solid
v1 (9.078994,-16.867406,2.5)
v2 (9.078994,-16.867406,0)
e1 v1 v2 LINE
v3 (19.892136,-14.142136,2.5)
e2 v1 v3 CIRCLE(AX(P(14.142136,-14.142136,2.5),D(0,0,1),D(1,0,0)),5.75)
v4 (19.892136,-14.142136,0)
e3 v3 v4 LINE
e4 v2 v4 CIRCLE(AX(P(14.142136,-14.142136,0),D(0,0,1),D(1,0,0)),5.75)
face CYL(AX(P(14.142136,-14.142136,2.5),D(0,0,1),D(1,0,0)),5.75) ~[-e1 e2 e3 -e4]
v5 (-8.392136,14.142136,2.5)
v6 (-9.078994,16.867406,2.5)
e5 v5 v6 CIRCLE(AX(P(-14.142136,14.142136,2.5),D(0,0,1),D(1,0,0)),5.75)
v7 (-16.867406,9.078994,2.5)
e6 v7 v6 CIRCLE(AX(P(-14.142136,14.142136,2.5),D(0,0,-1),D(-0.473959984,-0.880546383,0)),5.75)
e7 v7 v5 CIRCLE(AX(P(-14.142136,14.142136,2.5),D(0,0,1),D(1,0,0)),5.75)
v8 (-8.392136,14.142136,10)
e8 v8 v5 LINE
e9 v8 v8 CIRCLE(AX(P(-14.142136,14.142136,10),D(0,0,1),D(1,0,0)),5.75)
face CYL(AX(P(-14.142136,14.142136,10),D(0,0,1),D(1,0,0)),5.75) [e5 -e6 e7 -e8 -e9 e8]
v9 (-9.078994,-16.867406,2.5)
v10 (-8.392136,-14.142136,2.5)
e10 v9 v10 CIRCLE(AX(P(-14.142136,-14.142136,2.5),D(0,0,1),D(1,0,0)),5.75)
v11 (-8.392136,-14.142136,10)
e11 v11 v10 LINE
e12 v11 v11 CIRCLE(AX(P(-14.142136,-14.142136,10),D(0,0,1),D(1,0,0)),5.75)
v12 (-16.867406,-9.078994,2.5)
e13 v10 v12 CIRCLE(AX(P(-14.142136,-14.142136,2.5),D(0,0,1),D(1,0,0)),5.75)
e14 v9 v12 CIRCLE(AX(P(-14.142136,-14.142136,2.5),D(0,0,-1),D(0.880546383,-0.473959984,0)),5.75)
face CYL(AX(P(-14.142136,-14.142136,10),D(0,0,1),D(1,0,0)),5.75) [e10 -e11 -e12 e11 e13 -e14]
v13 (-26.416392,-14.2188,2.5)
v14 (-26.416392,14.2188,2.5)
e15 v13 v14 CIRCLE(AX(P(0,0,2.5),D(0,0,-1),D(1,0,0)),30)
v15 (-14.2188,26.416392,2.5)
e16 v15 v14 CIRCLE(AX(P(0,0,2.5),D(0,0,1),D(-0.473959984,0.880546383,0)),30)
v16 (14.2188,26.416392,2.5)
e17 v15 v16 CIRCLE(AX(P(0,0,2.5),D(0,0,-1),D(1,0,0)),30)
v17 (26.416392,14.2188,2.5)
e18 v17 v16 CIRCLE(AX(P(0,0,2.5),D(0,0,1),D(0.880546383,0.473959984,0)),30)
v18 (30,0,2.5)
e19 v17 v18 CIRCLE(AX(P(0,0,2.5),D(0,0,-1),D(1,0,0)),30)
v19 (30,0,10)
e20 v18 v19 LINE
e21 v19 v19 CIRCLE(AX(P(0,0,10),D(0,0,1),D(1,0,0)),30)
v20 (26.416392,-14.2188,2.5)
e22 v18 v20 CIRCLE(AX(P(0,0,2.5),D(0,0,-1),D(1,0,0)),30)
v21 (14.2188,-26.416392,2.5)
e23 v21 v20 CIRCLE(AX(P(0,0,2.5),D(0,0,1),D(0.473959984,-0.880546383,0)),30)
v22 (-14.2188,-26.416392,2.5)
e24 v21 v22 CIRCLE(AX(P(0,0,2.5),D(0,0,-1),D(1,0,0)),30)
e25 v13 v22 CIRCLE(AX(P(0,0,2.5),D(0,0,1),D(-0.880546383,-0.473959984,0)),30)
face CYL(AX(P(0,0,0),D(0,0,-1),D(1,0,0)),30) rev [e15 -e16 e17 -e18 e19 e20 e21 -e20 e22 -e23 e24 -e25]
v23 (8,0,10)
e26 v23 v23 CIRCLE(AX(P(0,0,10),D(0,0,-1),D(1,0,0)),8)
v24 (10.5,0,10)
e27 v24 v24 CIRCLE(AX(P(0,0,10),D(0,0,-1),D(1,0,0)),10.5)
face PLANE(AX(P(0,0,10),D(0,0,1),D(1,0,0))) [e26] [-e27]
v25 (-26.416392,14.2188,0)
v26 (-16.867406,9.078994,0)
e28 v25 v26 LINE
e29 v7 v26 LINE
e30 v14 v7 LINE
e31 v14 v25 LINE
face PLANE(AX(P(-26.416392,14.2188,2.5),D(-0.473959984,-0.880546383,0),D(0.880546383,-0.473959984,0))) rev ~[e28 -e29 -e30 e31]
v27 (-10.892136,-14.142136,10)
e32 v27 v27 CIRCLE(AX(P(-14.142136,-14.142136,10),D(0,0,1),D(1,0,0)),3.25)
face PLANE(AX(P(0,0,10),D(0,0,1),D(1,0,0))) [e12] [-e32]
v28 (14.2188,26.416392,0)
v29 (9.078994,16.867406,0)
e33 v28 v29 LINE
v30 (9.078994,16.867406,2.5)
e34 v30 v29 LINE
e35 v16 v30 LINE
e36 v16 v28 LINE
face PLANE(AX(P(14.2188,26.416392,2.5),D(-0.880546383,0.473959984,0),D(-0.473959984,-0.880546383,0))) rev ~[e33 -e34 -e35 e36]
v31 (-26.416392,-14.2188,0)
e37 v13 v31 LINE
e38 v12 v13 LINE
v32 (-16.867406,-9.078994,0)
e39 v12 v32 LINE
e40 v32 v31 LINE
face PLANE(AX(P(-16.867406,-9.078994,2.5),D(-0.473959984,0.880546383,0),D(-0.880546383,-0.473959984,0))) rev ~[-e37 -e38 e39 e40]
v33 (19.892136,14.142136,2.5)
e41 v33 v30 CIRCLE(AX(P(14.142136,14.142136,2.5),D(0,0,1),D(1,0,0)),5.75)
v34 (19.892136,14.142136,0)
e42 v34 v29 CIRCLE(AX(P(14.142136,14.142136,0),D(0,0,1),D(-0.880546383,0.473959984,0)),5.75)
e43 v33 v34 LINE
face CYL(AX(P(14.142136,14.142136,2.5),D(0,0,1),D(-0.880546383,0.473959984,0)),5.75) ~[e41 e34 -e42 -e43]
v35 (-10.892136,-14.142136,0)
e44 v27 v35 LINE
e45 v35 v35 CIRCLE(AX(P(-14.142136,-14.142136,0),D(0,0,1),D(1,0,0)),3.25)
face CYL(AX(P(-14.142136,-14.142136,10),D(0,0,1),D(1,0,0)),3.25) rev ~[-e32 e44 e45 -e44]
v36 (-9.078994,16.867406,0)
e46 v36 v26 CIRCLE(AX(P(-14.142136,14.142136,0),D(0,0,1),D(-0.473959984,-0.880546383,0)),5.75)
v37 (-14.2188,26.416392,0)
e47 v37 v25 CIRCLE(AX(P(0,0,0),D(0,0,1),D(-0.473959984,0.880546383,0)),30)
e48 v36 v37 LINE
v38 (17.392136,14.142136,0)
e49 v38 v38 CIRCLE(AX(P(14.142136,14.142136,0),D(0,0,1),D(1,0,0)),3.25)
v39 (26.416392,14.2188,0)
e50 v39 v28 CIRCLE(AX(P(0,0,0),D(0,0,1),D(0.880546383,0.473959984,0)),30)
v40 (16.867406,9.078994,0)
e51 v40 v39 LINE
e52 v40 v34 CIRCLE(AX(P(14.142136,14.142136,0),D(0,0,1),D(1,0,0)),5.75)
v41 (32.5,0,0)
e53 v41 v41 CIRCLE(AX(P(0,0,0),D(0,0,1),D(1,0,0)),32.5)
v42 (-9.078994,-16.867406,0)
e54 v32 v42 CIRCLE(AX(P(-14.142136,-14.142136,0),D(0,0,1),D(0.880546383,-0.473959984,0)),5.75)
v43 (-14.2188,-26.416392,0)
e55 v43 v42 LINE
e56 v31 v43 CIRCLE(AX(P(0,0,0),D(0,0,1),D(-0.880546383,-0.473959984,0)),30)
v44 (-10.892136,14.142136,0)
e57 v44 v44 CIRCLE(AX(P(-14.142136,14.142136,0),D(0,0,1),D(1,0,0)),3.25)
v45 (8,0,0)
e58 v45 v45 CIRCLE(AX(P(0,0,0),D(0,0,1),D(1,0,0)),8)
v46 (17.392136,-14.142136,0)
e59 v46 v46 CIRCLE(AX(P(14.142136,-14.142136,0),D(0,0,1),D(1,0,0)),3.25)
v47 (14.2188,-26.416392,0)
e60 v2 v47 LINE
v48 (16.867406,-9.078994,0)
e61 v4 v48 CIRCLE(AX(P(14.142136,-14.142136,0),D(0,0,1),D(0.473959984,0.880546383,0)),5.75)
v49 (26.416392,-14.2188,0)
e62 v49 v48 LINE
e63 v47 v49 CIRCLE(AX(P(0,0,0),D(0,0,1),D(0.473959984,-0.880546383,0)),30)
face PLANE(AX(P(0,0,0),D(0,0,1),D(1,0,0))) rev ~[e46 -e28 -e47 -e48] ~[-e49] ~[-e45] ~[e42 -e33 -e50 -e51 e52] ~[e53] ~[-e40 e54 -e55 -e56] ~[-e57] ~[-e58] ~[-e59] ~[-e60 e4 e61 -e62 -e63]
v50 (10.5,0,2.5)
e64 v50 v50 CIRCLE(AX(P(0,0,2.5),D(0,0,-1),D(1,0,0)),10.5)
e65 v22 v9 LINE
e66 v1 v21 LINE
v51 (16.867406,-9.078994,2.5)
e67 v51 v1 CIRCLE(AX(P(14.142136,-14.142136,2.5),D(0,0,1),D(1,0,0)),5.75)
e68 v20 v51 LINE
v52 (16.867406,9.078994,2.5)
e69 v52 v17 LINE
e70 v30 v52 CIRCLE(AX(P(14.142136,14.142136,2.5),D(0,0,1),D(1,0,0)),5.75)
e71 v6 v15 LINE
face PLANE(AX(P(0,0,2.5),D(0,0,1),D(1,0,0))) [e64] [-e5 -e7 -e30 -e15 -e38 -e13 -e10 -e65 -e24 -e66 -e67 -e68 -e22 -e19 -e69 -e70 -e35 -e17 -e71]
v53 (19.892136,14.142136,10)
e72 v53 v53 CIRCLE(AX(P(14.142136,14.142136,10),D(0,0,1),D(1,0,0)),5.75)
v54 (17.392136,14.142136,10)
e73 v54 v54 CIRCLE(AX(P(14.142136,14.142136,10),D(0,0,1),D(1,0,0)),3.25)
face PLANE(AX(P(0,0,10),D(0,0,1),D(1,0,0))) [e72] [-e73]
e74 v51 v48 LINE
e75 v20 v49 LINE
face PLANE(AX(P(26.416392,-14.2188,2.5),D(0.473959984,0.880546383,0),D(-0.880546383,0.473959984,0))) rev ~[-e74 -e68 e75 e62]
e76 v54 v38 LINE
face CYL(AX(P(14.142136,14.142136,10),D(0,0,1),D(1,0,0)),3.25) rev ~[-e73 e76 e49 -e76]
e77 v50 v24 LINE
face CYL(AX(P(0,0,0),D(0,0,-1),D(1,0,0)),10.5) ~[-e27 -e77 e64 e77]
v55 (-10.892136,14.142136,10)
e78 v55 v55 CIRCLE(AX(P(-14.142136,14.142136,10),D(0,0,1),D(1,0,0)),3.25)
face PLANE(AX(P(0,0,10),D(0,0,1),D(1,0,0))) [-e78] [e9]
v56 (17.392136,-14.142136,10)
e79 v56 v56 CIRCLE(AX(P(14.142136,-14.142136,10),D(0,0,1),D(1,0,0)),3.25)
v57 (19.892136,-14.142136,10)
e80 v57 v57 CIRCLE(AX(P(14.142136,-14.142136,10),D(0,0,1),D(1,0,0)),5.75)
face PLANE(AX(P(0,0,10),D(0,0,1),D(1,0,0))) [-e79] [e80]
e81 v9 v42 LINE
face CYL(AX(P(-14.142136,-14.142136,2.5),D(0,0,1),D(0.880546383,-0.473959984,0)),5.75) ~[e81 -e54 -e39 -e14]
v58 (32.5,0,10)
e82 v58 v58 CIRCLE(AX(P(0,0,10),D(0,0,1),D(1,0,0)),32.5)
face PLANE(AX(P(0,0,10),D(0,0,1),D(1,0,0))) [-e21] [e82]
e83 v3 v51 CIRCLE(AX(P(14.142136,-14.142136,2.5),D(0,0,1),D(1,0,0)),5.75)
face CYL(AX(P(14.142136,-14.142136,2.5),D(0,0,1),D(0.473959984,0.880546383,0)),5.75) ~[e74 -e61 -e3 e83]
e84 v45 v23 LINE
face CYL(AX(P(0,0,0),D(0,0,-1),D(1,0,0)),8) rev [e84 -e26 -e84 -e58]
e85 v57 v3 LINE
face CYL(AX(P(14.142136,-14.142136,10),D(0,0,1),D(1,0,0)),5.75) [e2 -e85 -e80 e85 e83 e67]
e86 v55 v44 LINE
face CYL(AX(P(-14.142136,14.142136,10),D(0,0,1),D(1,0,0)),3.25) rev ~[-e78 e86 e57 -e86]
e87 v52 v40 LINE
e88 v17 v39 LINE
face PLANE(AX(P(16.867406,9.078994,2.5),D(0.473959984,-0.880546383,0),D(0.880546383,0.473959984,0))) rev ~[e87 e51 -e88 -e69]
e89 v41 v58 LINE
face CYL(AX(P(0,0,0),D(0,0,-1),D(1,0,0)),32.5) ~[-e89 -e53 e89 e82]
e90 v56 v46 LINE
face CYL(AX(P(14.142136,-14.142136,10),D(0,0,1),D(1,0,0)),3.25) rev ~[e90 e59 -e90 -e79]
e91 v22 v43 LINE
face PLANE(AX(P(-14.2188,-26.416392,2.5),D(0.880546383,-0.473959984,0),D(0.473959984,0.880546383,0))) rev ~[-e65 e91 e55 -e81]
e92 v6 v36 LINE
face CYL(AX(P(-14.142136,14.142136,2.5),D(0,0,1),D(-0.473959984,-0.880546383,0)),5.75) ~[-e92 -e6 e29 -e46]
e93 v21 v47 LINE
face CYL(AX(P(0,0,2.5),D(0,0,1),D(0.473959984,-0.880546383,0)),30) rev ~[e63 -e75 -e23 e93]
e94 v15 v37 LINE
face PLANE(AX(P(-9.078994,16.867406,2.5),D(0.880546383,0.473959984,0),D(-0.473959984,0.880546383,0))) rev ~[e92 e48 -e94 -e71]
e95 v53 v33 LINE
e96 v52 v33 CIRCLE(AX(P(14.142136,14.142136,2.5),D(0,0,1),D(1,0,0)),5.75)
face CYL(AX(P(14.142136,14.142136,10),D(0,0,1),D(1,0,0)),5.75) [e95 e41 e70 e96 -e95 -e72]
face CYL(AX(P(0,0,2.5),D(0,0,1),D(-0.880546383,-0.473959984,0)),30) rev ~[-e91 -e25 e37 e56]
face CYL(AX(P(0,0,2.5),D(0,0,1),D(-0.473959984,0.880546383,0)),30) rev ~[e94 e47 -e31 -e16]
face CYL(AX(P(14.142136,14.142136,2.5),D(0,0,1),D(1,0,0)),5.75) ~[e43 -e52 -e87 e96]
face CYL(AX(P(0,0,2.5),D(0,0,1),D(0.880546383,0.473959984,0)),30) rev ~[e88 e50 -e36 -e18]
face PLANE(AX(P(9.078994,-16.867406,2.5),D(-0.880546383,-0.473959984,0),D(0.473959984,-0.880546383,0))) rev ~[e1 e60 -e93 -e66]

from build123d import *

# Parameters (mm, degrees)
F0_R     = 32.5
F1_DEPTH = 10
F2_R     = 8
F3_DEPTH = 25
F4_R     = 3.25
F5_DEPTH = 25
F6_T     = -2.5
F8_DEPTH = 25


with BuildPart() as f1:
    # F0 (on Top) → F1 (new body)
    with BuildSketch(Plane.XY):
        Circle(F0_R)
    extrude(amount=F1_DEPTH)

    # F2 (on Top) → F3 (cut)
    with BuildSketch(Plane.XY):
        Circle(F2_R)
    extrude(amount=F3_DEPTH, mode=Mode.SUBTRACT)

    # F4 (on face) → F5 (cut)
    with BuildSketch(Plane.XY.offset(10)):
        with Locations((-14.1421356237, 14.1421356237)):
            Circle(F4_R)
        with Locations((-14.1421356237, -14.1421356237)):
            Circle(F4_R)
        with Locations((14.1421356237, 14.1421356237)):
            Circle(F4_R)
        with Locations((14.1421356237, -14.1421356237)):
            Circle(F4_R)
    extrude(amount=-F5_DEPTH, mode=Mode.SUBTRACT)

    # F6
    f6_openings = [f1.faces().sort_by_distance(p)[0] for p in [
        (-31.580761, 0, 10),
    ]]
    offset(amount=F6_T, openings=f6_openings)

    # F7 (on face) → F8 (cut)
    with BuildSketch(Plane.XY.offset(2.5)):
        with BuildLine():
            ThreePointArc((19.8921356237, 14.1421356237), (19.0783691058, 11.1932207368), (16.8674055331, 9.0789939191))
            Line((16.8674055331, 9.0789939191), (26.4163915025, 14.218799527))
            ThreePointArc((26.4163915025, 14.218799527), (21.2132034356, 21.2132034356), (14.218799527, 26.4163915025))
            Line((14.218799527, 26.4163915025), (9.0789939191, 16.8674055331))
            ThreePointArc((9.0789939191, 16.8674055331), (15.5473820787, 19.7177775061), (19.8921356237, 14.1421356237))
        make_face()
        with BuildLine():
            Line((-9.0789939191, 16.8674055331), (-14.218799527, 26.4163915025))
            ThreePointArc((-14.218799527, 26.4163915025), (-21.2132034356, 21.2132034356), (-26.4163915025, 14.218799527))
            Line((-26.4163915025, 14.218799527), (-16.8674055331, 9.0789939191))
            ThreePointArc((-16.8674055331, 9.0789939191), (-18.2079996156, 18.2079996156), (-9.0789939191, 16.8674055331))
        make_face()
        with BuildLine():
            ThreePointArc((14.218799527, -26.4163915025), (21.2132034356, -21.2132034356), (26.4163915025, -14.218799527))
            Line((26.4163915025, -14.218799527), (16.8674055331, -9.0789939191))
            ThreePointArc((16.8674055331, -9.0789939191), (19.0783691058, -11.1932207368), (19.8921356237, -14.1421356237))
            ThreePointArc((19.8921356237, -14.1421356237), (15.5473820787, -19.7177775061), (9.0789939191, -16.8674055331))
            Line((9.0789939191, -16.8674055331), (14.218799527, -26.4163915025))
        make_face()
        with BuildLine():
            ThreePointArc((-26.4163915025, -14.218799527), (-21.2132034356, -21.2132034356), (-14.218799527, -26.4163915025))
            Line((-14.218799527, -26.4163915025), (-9.0789939191, -16.8674055331))
            ThreePointArc((-9.0789939191, -16.8674055331), (-18.2079996156, -18.2079996156), (-16.8674055331, -9.0789939191))
            Line((-16.8674055331, -9.0789939191), (-26.4163915025, -14.218799527))
        make_face()
    extrude(amount=-F8_DEPTH, mode=Mode.SUBTRACT)


solid = f1.part
